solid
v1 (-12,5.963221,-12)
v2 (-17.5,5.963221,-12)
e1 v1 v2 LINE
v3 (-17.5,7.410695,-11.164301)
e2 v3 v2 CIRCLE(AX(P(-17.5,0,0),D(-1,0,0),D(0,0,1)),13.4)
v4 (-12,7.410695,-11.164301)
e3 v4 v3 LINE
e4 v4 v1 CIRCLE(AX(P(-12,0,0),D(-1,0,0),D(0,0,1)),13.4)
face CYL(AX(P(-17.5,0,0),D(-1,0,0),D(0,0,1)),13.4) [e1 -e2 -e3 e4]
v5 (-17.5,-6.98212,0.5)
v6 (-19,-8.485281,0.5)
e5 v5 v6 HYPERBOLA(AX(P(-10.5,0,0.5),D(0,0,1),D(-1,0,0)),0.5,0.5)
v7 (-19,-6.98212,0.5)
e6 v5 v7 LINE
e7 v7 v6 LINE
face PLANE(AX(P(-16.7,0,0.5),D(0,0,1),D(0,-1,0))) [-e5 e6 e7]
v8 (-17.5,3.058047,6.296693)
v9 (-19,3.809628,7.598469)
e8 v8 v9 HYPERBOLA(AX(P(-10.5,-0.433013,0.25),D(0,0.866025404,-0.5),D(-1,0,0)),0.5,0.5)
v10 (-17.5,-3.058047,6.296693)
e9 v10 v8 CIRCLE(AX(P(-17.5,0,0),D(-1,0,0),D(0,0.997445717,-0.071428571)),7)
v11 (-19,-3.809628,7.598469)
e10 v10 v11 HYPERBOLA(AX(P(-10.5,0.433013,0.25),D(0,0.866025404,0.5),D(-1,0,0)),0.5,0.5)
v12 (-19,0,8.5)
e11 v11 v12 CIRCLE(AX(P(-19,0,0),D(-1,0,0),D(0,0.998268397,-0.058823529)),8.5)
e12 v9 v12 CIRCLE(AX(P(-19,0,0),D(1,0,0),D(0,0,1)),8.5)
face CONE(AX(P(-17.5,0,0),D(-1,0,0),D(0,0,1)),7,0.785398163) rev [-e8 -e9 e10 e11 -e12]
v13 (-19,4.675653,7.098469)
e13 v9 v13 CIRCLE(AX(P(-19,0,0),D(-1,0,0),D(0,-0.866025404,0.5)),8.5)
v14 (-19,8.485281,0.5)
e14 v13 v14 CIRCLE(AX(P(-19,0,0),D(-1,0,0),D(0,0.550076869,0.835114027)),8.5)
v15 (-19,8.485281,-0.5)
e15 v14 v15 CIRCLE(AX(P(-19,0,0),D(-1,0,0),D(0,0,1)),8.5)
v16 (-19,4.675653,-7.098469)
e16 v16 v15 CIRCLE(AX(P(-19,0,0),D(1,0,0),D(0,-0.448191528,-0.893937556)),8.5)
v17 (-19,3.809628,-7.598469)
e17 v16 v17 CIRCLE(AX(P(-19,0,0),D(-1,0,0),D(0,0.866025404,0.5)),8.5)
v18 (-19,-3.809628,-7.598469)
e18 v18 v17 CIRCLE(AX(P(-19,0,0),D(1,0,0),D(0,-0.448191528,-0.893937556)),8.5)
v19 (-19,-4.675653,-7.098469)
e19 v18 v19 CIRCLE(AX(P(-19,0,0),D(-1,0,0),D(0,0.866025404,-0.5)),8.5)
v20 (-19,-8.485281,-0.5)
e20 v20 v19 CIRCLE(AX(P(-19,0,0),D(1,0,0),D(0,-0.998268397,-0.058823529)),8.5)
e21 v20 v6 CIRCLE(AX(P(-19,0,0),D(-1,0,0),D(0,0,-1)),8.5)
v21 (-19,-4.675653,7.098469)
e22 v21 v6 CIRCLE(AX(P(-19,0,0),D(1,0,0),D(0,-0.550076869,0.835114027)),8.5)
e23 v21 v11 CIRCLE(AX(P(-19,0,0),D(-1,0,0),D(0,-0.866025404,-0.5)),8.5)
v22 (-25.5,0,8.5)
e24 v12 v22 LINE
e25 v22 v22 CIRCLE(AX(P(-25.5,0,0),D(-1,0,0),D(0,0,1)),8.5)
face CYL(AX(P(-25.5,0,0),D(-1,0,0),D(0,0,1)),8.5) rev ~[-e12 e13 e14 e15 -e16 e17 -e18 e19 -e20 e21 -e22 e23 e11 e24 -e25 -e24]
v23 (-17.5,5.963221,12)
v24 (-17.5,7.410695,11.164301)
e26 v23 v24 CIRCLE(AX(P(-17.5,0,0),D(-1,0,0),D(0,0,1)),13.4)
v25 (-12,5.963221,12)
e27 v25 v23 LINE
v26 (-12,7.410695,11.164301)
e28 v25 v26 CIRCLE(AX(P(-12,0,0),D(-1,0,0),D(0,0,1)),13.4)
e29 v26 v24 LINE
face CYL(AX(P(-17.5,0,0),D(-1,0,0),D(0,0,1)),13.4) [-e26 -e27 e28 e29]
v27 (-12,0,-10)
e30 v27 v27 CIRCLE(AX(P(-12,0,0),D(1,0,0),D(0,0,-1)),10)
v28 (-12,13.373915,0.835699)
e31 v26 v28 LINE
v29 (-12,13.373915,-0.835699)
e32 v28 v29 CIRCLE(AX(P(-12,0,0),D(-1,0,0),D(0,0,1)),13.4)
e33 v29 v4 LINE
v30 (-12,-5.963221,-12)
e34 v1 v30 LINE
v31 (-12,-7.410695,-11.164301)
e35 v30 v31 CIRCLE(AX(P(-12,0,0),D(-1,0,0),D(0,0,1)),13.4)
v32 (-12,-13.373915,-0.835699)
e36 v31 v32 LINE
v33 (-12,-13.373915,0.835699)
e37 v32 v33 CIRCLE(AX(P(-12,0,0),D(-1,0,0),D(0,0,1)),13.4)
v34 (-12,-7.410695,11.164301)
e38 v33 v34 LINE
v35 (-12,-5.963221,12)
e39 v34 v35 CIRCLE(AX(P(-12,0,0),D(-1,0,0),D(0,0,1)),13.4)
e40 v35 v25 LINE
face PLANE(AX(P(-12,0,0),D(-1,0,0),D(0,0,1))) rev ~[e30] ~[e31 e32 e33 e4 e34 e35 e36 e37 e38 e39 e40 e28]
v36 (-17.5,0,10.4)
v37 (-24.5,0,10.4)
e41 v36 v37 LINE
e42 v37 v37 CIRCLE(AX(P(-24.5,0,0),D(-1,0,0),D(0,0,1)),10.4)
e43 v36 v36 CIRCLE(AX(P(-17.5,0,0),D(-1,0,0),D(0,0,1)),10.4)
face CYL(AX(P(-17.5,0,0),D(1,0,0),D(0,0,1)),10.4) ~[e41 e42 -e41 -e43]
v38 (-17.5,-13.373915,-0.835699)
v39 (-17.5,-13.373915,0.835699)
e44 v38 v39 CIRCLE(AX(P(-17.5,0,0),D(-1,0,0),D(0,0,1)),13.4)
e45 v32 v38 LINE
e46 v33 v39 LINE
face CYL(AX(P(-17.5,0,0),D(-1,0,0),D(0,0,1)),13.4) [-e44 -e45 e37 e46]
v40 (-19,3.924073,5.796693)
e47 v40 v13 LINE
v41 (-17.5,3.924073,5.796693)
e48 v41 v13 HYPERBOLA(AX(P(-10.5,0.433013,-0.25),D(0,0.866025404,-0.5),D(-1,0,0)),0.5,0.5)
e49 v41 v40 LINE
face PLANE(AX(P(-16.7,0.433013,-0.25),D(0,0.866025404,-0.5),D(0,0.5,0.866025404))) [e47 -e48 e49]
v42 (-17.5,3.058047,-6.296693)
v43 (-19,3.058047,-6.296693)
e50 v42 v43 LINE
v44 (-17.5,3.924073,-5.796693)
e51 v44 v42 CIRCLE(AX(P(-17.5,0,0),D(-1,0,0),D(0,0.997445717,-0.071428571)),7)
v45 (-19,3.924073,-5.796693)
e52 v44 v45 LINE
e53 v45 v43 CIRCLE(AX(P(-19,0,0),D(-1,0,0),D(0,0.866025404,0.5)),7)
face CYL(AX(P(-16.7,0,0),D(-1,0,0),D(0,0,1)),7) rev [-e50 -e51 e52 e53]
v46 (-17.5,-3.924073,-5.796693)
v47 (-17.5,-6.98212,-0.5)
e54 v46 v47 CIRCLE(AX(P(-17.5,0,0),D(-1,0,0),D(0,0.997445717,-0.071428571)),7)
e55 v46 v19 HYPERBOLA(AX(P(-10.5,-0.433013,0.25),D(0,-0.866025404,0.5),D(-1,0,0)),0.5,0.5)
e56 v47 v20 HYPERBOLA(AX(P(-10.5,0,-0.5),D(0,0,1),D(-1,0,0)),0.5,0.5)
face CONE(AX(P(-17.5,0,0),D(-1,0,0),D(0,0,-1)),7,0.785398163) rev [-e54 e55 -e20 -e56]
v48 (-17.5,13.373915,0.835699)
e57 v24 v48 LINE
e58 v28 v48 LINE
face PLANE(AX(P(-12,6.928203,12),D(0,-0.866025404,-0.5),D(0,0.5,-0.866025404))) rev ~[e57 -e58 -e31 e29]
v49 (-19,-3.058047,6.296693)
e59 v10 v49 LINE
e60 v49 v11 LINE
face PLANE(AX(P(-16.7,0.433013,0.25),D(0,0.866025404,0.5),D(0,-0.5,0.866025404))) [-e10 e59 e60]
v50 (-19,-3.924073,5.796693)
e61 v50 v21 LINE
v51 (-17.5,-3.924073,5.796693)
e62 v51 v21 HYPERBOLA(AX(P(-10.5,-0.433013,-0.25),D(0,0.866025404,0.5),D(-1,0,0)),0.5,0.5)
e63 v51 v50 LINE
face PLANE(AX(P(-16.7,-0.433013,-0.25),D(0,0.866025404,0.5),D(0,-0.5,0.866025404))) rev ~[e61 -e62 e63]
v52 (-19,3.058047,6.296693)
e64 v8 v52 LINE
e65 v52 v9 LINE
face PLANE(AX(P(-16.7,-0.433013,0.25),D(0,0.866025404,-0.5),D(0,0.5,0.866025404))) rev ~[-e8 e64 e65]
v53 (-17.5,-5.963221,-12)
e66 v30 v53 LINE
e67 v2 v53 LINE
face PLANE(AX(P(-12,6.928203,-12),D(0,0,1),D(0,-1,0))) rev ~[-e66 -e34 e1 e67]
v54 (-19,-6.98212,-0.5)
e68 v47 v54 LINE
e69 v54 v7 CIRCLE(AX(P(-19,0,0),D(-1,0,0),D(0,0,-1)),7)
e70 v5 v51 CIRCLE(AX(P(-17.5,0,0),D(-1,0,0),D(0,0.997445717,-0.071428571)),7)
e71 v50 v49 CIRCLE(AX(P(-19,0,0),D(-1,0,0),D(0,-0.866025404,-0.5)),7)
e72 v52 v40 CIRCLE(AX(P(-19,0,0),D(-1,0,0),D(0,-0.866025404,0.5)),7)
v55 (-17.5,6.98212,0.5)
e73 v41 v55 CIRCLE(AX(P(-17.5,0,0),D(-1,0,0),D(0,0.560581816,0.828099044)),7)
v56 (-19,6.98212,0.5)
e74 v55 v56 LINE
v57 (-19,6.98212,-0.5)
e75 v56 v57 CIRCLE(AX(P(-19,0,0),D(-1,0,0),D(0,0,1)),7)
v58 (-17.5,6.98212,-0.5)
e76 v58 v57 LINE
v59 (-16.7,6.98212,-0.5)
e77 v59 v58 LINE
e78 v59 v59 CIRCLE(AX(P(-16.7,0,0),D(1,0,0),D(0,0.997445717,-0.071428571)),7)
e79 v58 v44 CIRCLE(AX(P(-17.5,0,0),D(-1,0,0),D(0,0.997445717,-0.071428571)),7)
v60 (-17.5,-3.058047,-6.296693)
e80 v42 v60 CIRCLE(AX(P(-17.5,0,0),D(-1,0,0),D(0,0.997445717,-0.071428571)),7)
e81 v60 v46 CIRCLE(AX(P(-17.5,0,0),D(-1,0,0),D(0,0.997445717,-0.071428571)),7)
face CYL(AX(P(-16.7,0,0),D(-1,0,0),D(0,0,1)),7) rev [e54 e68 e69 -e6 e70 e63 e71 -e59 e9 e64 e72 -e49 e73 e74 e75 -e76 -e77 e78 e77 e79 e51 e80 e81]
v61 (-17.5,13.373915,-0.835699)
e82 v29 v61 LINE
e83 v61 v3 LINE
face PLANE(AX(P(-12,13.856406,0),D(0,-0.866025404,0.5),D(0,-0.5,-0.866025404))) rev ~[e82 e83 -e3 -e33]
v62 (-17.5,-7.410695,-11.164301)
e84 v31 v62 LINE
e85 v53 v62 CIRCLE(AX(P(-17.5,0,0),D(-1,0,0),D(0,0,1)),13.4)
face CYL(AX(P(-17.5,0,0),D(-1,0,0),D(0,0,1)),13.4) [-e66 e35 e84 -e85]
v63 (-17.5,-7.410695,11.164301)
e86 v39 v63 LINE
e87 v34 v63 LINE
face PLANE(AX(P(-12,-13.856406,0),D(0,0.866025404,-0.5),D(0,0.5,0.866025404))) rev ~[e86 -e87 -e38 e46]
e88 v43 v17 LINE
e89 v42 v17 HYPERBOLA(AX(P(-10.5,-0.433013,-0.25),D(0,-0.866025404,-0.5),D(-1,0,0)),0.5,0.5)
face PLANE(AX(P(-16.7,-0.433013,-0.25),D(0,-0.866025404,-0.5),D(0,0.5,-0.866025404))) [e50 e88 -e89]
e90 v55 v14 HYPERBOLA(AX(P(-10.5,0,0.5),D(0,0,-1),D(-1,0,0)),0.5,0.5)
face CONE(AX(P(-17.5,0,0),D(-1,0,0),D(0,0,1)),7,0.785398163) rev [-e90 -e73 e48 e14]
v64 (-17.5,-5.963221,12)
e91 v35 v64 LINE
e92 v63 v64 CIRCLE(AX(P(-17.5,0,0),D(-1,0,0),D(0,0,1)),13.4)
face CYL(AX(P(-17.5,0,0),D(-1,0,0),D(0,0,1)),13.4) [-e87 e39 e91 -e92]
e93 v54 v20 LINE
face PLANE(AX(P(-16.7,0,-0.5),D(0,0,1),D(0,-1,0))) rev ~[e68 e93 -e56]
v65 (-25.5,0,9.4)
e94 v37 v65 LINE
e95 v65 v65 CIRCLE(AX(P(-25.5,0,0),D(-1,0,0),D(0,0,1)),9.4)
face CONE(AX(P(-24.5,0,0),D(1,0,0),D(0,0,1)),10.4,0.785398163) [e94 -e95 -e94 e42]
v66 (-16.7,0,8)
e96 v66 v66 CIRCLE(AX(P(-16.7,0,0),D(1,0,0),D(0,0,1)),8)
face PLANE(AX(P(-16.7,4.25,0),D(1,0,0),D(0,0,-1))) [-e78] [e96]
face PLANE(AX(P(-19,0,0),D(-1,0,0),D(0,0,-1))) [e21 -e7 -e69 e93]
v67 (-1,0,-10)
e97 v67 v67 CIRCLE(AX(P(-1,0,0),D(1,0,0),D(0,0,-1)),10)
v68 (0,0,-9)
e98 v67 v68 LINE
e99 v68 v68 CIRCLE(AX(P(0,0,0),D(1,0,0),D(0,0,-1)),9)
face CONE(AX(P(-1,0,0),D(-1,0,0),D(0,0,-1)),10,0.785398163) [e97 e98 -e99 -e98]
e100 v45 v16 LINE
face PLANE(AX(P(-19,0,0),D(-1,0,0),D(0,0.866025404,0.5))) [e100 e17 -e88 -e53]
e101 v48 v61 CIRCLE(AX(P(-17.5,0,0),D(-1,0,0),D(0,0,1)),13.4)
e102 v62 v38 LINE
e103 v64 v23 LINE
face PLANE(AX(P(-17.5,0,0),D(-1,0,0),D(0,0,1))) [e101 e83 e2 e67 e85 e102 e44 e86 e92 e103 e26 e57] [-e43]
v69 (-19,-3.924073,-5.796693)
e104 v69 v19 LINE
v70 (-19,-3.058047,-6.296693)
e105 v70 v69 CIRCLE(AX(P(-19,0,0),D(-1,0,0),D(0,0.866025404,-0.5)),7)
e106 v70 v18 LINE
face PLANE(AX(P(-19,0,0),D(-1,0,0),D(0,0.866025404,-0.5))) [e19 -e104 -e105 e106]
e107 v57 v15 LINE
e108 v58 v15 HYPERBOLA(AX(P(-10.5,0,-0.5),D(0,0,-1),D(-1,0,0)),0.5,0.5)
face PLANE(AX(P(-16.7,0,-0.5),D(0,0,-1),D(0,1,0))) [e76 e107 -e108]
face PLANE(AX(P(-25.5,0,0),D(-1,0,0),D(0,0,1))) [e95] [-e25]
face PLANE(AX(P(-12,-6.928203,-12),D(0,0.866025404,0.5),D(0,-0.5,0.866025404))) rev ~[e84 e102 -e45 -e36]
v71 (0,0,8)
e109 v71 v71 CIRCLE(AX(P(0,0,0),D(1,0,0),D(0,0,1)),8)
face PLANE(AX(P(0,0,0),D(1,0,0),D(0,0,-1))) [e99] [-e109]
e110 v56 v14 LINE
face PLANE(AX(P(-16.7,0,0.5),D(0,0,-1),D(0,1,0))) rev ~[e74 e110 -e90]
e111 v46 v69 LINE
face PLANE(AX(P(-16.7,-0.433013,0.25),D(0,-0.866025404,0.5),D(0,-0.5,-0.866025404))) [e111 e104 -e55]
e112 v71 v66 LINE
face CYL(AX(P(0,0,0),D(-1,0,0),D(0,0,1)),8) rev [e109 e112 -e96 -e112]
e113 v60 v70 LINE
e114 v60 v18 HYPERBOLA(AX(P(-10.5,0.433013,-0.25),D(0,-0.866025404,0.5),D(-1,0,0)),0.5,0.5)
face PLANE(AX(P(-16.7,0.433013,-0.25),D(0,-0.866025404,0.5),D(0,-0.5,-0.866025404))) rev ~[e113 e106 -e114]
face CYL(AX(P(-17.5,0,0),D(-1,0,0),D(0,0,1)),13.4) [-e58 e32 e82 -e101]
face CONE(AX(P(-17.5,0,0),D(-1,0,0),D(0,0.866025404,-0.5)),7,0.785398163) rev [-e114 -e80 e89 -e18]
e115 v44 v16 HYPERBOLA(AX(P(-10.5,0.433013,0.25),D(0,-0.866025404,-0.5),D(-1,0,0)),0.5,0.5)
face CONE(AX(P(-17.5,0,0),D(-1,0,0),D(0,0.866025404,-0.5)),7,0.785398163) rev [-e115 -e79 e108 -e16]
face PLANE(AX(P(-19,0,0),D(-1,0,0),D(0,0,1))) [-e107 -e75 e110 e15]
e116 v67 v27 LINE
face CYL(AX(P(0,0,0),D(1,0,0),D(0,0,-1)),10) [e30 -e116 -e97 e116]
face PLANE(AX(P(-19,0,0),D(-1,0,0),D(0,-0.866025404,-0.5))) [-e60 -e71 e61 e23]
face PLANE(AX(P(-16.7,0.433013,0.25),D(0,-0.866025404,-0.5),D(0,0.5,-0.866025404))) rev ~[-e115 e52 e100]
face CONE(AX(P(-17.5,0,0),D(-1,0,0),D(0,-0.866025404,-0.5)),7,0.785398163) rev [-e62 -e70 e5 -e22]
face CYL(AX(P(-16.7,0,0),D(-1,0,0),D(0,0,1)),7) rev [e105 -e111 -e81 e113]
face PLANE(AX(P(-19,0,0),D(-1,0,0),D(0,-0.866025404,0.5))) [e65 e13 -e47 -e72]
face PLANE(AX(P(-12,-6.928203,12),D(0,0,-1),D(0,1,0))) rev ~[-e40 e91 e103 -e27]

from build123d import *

# Parameters (mm, degrees)
SKETCH_2_R               = 10
EXTRUDE_1_DEPTH          = 12
SKETCH_3_R               = 10
EXTRUDE_2_DEPTH          = 5.5
SKETCH_4_R               = 10.4
EXTRUDE_3_DEPTH          = 8
SKETCH_6_R               = 13.856406461
SKETCH_6_R_2             = 13.4
CUT_EXTRUDE_1_DEPTH      = 26.342651795
CHAMFER_1_SIZE           = 1
EXTRUDE_4_REACH          = 26.545
SKETCH_7_W               = 1
SKETCH_7_H               = 8.5
SKETCH_8_R               = 7
CUT_EXTRUDE_2_DEPTH      = 32.205928924
SKETCH_9_R               = 8.5
CUT_EXTRUDE_3_DEPTH      = 6.5
PATTERN_CIRCULAR_1_COUNT = 6


with BuildPart() as part:
    # Эскиз2 → Вытянуть1 (new body)
    with BuildSketch(Plane(origin=(0, 0, 0), x_dir=(0, 0, -1), z_dir=(1, 0, 0))):
        Circle(SKETCH_2_R)
    extrude(amount=-EXTRUDE_1_DEPTH)

    # Эскиз3 → Вытянуть2 (add)
    # profile 1 of 2: a face of its own
    with BuildSketch(Plane.ZY.offset(12)):
        Polygon((12, -6.92820323), (12, 6.92820323), (0, 13.856406461), (-12, 6.92820323), (-12, -6.92820323), (0, -13.856406461), align=None)
        with Locations(Location((0, 0, 0), (0, 0, 180))):
            Circle(SKETCH_3_R, mode=Mode.SUBTRACT)
    # profile 2 of 2: a face of its own
    with BuildSketch(Plane.ZY.offset(12)):
        with Locations(Location((0, 0, 0), (0, 0, 180))):
            Circle(SKETCH_3_R)
    extrude(amount=EXTRUDE_2_DEPTH)

    # Эскиз4 → Вытянуть3 (add)
    with BuildSketch(Plane.ZY.offset(17.5)):
        Circle(SKETCH_4_R)
    extrude(amount=EXTRUDE_3_DEPTH)

    # Эскиз5 → Вырез-Повернуть1 (revolve, cut)
    with BuildSketch(Plane.XY, mode=Mode.PRIVATE) as cut_revolve_1_sk:
        Polygon((0, 0), (0, 8), (-16.7, 8), (-16.7, 7), (-17.5, 7), (-19, 8.5), (-25.5, 8.5), (-25.5, 0), align=None)
    revolve(cut_revolve_1_sk.sketch.rotate(Axis((-25.5, 0, 0), (1, 0, 0)), 90), axis=Axis((-25.5, 0, 0), (1, 0, 0)), mode=Mode.SUBTRACT)

    # Эскиз6 → Вырез-Вытянуть1 (cut, through all)
    with BuildSketch(Plane.ZY.offset(17.5)):
        Circle(SKETCH_6_R)
        Circle(SKETCH_6_R_2, mode=Mode.SUBTRACT)
    extrude(amount=-CUT_EXTRUDE_1_DEPTH, mode=Mode.SUBTRACT)

    # Фаска1
    chamfer_1_edges = [part.edges().sort_by_distance(p)[0] for p in [
        (0, 0, 10),
        (-25.5, 0, -10.4),
    ]]
    chamfer(chamfer_1_edges, length=CHAMFER_1_SIZE)

    # Вытянуть4: up to this face of the body (flat: up to its plane)
    extrude_4_end = Plane(part.part.faces().sort_by_distance((-25.5, 0, -9.13412785))[0])
    # Эскиз7 → Вытянуть4 (add, up to the picked face)
    with BuildSketch(Plane(origin=(-16.7, 0, 0), x_dir=(0, 0, -1), z_dir=(1, 0, 0)), mode=Mode.PRIVATE) as extrude_4_sk1:
        with Locations((0, 4.25)):
            Rectangle(SKETCH_7_W, SKETCH_7_H)
    extrude_4_tool1 = split(extrude(extrude_4_sk1.sketch, amount=-EXTRUDE_4_REACH, mode=Mode.PRIVATE), bisect_by=extrude_4_end, keep=Keep.BOTH, mode=Mode.PRIVATE)
    add(extrude_4_tool1.solids().sort_by(Axis((-16.7, 4.25, 0), (-1, 0, 0)))[0])

    # Эскиз8 → Вырез-Вытянуть2 (cut, through all)
    with BuildSketch(Plane.ZY.offset(25.5)):
        Circle(SKETCH_8_R)
    extrude(amount=-CUT_EXTRUDE_2_DEPTH, mode=Mode.SUBTRACT)

    # Эскиз9 → Вырез-Вытянуть3 (cut)
    with BuildSketch(Plane.ZY.offset(25.5)):
        Circle(SKETCH_9_R)
    extrude(amount=-CUT_EXTRUDE_3_DEPTH, mode=Mode.SUBTRACT)

    # Круговой массив1: part ×6 about axis
    pattern_circular_1_axis = Axis((0, 0, 0), (1, 0, 0))


with BuildPart() as part_1:
    add(part.part)
    for i in range(1, PATTERN_CIRCULAR_1_COUNT):
        add(part.part.rotate(pattern_circular_1_axis, i * 360 / PATTERN_CIRCULAR_1_COUNT))


solid = part_1.part
